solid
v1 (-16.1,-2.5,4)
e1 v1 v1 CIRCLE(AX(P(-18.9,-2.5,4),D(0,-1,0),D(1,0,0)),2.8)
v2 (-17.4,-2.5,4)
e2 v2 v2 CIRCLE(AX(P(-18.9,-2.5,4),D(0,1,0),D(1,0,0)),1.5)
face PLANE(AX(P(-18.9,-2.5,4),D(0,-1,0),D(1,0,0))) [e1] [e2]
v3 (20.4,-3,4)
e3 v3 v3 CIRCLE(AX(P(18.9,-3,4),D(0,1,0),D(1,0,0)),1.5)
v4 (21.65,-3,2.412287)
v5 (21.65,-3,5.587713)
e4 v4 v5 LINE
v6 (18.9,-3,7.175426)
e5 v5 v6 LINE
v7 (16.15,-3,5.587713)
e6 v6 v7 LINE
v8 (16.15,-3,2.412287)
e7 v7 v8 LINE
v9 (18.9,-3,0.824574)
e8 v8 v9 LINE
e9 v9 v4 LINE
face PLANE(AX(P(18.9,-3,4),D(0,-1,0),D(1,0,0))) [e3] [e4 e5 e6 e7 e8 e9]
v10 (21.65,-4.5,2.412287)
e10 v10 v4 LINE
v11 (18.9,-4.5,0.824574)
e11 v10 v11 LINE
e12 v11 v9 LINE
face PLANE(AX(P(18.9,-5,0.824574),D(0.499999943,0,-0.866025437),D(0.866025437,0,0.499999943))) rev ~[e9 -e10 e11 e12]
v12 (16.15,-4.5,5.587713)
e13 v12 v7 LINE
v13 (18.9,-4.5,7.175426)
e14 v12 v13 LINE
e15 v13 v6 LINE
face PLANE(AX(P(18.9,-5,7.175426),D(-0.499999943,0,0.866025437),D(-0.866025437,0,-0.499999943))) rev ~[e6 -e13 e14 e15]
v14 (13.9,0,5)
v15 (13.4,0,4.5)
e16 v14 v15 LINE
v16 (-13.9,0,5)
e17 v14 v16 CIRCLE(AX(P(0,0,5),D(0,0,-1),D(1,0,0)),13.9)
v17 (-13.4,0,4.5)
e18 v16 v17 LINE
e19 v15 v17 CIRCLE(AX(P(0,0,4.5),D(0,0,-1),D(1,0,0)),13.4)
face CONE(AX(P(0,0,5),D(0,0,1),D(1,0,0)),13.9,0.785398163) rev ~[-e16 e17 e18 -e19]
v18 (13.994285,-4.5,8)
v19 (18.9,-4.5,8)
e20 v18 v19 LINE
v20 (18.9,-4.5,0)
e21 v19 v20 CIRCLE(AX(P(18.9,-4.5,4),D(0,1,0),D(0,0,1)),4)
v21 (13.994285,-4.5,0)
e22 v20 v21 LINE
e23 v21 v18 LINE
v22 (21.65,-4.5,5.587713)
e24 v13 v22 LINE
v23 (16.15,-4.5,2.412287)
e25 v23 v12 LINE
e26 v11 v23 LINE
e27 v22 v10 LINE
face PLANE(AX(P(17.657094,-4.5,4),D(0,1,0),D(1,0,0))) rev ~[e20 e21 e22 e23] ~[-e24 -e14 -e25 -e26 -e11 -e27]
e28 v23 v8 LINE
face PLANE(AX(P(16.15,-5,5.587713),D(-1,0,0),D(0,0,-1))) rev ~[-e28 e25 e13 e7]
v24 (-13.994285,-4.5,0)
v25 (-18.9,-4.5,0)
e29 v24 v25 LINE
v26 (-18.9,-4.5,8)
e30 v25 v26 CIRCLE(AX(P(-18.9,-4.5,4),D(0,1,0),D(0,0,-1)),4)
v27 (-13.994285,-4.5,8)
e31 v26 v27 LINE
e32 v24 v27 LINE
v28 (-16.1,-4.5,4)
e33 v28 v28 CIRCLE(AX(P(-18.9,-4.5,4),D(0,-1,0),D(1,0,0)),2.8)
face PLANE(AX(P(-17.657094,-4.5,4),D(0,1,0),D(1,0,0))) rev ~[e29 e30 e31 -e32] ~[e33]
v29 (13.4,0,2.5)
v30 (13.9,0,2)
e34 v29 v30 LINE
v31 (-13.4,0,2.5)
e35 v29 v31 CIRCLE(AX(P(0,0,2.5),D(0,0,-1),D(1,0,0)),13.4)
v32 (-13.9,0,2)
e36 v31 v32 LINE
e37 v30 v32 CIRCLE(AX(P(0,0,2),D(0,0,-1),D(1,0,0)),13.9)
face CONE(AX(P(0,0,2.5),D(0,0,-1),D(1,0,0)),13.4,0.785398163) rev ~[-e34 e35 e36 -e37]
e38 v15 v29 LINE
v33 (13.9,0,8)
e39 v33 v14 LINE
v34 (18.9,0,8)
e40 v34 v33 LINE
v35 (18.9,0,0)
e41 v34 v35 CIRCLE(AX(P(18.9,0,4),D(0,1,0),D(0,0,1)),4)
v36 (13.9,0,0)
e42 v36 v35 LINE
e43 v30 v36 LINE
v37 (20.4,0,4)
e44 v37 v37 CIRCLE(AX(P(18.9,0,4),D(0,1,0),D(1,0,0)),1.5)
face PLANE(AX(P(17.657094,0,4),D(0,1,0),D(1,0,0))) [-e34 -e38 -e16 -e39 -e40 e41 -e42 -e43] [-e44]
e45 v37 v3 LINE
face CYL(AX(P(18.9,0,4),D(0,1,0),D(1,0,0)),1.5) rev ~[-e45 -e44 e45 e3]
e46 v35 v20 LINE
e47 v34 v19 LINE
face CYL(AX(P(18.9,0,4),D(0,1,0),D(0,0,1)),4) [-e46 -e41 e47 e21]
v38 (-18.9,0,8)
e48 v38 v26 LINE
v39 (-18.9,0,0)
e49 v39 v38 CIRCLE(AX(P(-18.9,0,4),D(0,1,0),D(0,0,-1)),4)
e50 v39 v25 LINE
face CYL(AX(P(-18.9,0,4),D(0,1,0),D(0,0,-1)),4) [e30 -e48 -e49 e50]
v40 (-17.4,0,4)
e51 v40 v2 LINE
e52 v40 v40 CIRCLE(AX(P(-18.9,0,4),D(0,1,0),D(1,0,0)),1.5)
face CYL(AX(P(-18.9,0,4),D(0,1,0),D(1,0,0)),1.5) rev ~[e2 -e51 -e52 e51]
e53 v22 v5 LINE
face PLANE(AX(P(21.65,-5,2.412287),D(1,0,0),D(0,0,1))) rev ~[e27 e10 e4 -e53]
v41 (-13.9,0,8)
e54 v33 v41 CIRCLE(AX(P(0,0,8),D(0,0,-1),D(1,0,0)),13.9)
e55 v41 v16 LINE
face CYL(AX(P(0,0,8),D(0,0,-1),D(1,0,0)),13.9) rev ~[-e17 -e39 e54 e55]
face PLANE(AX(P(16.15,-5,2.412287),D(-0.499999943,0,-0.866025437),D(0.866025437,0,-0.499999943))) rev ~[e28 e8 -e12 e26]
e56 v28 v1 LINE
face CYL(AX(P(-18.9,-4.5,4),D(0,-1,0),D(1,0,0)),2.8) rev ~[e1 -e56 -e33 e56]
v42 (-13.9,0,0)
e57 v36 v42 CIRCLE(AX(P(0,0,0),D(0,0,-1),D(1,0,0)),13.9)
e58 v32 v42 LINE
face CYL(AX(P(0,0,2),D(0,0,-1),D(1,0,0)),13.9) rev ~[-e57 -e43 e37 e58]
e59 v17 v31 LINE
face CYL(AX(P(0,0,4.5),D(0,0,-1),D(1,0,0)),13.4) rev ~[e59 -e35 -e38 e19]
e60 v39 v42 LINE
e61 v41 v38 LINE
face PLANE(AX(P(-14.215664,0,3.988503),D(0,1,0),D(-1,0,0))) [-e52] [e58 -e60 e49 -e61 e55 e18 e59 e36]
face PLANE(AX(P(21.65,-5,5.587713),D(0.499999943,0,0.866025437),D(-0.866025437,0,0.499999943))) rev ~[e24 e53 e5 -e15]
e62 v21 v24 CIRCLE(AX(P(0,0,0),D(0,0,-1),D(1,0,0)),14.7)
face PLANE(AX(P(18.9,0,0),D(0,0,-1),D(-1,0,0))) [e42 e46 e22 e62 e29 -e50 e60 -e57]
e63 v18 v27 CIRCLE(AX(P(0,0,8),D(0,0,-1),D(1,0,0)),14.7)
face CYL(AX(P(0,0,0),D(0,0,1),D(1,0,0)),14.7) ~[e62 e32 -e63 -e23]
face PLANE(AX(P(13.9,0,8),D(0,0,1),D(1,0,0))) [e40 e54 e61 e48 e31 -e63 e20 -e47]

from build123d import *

# Parameters (mm, degrees)
REVOLUTION_ANGLE = -180
SKETCH001_R      = 1.5
PAD_DEPTH        = 4.5
POCKET_DEPTH     = 2
SKETCH003_R      = 2.8
POCKET001_DEPTH  = 2


with BuildPart() as part:
    # Sketch → Revolution (revolve)
    with BuildSketch(Plane.XZ):
        Polygon((13.4, 4.5), (13.4, 2.5), (13.9, 2), (13.9, 0), (14.7, 0), (14.7, 8), (13.9, 8), (13.9, 5), align=None)
    revolve(axis=Axis((0, 0, 0), (0, 0, 1)), revolution_arc=REVOLUTION_ANGLE)

    # Sketch001 (on Face10 of Revolution) → Pad (new body)
    with BuildSketch(Plane(origin=(0, 0, 0), x_dir=(1, 0, 0), z_dir=(0, 1, 0))):
        with BuildLine():
            ThreePointArc((18.9, -8), (22.9, -4), (18.9, 0))
            Line((18.9, 0), (13.9, 0))
            Line((13.9, 0), (13.9, -8))
            Line((13.9, -8), (18.9, -8))
        make_face()
        with Locations((18.9, -4)):
            Circle(SKETCH001_R, mode=Mode.SUBTRACT)
        with BuildLine():
            ThreePointArc((-18.9, 0), (-22.9, -4), (-18.9, -8))
            Line((-18.9, -8), (-13.9, -8))
            Line((-13.9, -8), (-13.9, 0))
            Line((-13.9, 0), (-18.9, 0))
        make_face()
        with Locations((-18.9, -4)):
            Circle(SKETCH001_R, mode=Mode.SUBTRACT)
    extrude(amount=-PAD_DEPTH)

    # Sketch002 → Pocket (cut)
    with BuildSketch(Plane.XZ.offset(5)):
        Polygon((21.65, 2.412287), (21.65, 5.587713), (18.9, 7.175426), (16.15, 5.587713), (16.15, 2.412287), (18.9, 0.824574), align=None)
    extrude(amount=-POCKET_DEPTH, mode=Mode.SUBTRACT)

    # Sketch003 (on Face28 of Pocket) → Pocket001 (cut)
    with BuildSketch(Plane.XZ.offset(4.5)):
        with Locations((-18.9, 4)):
            Circle(SKETCH003_R)
    extrude(amount=-POCKET001_DEPTH, mode=Mode.SUBTRACT)


solid = part.part
